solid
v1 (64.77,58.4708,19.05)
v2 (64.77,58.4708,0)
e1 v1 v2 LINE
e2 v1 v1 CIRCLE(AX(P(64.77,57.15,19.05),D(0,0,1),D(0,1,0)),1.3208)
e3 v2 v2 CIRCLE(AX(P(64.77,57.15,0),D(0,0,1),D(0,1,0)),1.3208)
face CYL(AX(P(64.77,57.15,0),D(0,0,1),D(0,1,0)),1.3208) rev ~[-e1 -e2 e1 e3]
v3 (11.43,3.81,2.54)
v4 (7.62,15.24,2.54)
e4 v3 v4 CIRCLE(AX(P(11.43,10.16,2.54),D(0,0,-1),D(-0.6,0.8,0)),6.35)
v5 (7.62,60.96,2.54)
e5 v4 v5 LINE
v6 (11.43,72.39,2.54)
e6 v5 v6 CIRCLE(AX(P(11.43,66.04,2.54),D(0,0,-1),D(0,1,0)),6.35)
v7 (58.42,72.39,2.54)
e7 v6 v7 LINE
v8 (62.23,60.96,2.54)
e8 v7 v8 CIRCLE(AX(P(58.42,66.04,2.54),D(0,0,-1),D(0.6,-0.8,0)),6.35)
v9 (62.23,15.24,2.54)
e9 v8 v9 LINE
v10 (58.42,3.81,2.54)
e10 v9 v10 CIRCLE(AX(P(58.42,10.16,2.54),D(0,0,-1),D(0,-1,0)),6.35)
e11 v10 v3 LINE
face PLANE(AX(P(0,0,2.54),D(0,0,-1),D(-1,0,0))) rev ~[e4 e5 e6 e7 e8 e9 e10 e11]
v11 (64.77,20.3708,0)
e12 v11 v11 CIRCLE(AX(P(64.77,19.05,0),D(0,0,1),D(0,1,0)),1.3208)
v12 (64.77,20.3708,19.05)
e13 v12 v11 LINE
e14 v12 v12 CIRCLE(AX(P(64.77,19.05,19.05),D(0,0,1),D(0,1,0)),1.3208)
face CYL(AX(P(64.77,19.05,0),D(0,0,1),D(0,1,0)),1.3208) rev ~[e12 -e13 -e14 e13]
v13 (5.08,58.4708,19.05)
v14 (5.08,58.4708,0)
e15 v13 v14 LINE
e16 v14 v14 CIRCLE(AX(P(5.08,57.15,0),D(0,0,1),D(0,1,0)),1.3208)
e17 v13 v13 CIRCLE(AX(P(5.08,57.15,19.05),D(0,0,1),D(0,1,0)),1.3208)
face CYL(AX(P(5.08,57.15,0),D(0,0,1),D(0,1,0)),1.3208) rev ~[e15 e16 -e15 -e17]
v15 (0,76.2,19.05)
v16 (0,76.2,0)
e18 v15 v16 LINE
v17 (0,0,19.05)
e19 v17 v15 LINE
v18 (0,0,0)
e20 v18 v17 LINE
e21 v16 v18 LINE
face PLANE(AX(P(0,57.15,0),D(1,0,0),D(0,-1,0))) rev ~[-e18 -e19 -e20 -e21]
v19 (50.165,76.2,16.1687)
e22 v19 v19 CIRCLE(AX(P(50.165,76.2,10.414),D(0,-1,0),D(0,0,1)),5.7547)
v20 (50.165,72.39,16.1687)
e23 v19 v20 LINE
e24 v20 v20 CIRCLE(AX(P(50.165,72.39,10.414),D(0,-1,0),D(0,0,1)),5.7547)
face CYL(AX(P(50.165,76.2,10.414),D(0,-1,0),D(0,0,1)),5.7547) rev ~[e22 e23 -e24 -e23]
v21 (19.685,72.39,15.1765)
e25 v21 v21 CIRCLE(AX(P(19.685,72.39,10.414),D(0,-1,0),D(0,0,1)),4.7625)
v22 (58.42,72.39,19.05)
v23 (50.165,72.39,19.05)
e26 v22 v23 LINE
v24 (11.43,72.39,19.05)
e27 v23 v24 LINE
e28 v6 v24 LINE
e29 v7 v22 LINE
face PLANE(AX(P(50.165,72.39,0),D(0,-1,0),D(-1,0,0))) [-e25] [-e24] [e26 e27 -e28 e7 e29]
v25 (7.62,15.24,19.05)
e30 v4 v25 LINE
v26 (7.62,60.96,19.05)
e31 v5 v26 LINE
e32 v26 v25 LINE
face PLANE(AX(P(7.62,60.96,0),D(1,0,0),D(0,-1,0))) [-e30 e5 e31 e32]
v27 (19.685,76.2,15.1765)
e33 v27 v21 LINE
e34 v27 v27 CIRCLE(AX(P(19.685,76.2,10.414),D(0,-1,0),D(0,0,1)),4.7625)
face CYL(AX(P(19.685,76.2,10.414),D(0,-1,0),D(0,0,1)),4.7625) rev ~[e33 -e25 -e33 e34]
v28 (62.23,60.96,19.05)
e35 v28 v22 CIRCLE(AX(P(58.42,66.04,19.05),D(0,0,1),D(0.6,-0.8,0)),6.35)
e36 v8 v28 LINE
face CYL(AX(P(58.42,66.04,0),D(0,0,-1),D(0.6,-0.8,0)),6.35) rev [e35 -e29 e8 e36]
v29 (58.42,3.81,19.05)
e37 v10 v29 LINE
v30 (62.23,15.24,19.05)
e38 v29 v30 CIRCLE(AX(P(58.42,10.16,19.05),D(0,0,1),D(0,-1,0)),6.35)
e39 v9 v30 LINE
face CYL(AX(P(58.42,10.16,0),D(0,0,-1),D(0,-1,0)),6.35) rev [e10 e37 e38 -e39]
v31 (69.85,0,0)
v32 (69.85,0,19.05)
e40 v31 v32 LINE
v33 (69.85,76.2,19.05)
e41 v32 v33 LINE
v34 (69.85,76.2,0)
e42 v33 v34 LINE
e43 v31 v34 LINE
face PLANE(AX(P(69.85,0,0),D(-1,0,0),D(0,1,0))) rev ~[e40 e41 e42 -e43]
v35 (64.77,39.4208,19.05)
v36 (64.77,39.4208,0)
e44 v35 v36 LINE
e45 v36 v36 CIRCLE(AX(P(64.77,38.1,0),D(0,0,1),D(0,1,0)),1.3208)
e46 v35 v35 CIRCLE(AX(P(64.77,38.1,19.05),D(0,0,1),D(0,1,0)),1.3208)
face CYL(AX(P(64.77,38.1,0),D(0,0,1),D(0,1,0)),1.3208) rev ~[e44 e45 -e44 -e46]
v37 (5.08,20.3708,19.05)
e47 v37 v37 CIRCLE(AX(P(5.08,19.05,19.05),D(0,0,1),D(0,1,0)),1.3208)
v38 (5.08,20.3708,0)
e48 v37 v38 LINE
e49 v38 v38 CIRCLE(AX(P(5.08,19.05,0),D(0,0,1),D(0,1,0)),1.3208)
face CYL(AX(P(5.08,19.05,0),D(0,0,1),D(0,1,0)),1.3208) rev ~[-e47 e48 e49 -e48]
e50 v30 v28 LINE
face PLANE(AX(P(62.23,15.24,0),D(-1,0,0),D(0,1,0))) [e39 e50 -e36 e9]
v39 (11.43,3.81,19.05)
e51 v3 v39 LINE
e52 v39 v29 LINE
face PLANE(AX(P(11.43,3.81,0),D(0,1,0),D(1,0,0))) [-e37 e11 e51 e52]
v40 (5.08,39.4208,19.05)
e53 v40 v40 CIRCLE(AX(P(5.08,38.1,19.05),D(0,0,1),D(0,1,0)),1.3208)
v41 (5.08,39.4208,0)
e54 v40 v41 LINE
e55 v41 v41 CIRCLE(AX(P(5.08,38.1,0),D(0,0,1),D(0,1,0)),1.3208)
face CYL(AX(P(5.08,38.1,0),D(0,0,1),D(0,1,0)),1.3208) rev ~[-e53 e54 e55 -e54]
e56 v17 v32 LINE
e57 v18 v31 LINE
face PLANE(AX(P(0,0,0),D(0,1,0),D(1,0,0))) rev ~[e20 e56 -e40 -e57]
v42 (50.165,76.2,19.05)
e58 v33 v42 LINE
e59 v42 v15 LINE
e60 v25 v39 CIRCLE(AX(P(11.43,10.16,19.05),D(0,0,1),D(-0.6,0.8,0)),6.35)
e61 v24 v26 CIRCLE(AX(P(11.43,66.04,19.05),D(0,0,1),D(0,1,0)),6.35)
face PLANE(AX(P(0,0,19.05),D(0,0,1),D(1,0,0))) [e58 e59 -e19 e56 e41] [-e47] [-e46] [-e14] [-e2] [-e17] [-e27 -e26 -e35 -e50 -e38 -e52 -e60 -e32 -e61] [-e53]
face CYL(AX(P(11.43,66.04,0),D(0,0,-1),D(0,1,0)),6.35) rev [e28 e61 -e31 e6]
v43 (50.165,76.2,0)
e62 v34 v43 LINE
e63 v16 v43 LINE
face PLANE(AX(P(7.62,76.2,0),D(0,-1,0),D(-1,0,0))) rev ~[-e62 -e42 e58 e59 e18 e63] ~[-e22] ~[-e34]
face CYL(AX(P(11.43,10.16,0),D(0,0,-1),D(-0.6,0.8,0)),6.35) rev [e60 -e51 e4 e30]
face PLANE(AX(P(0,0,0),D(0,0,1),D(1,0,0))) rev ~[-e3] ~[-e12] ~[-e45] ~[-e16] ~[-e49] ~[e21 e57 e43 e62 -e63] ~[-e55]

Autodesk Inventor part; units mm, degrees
ref_plane "YZ Plane" through (0, 0, 0) normal (1, 0, 0) x (0, 1, 0)
ref_plane "XZ Plane" through (0, 0, 0) normal (0, 1, 0) x (-1, 0, 0)
ref_plane "XY Plane" through (0, 0, 0) normal (0, 0, 1) x (1, 0, 0)
sketch "Sketch1" plane through (0, 0, 0) normal (0, 0, 1) x (1, 0, 0)
  line L0 (0, 0) -> (69.85, 0)
  line L1 (69.85, 0) -> (69.85, 76.2)
  line L2 (69.85, 76.2) -> (0, 76.2)
  line L3 (0, 76.2) -> (0, 0)
  line L4 (0, 76.2) -> (7.62, 76.2)
  line L5 (7.62, 3.81) -> (62.23, 3.81)
  line L6 (58.42, 72.39) -> (7.62, 72.39)
  line L7 (7.62, 72.39) -> (11.43, 72.39)
  line L8 (0, 76.2) -> (69.85, 76.2)
  line L9 (34.925, 76.2) -> (50.165, 76.2)
  line L10 (50.165, 76.2) -> (50.165, 69.1676)
  line L11 (34.925, 76.2) -> (19.685, 76.2)
  line L12 (19.685, 76.2) -> (14.9225, 76.2)
  line L13 (0, 76.2) -> (0, 57.15)
  line L14 (19.685, 76.2) -> (13.9303, 76.2)
  arc A0 (11.43, 72.39) -> (7.62, 60.96) centre (11.43, 66.04) ccw
  line L15 (7.62, 3.81) -> (11.43, 3.81)
  line L16 (11.43, 3.81) -> (11.43, 10.16)
  line L17 (62.23, 3.81) -> (58.42, 3.81)
  line L18 (58.42, 3.81) -> (58.42, 10.16)
  arc A1 (7.62, 15.24) -> (11.43, 3.81) centre (11.43, 10.16) ccw
  arc A2 (58.42, 3.81) -> (62.23, 15.24) centre (58.42, 10.16) ccw
  arc A3 (62.23, 60.96) -> (58.42, 72.39) centre (58.42, 66.04) ccw
  line L19 (62.23, 15.24) -> (62.23, 60.96)
  line L20 (7.62, 60.96) -> (7.62, 15.24)
  dimension "d9" = 7.62
  dimension "d13" = 15.24
  dimension "d18" = 19.05
  dimension "d24" = 6.35
  dimension "d25" = 3.81
  dimension "d26" = 6.35
extrude "Extrusion1" add sketch "Sketch1" along normal blind 19.05
sketch "Sketch3" plane through (0, 0, 0) normal (0, 0, -1) x (-1, 0, 0)
  arc A0 (-11.43, 3.81) -> (-7.62, 15.24) centre (-11.43, 10.16) ccw projected
  line L0 (-11.43, 3.81) -> (-58.42, 3.81) projected
  arc A1 (-62.23, 15.24) -> (-58.42, 3.81) centre (-58.42, 10.16) ccw projected
  line L1 (-62.23, 15.24) -> (-62.23, 60.96) projected
  arc A2 (-58.42, 72.39) -> (-62.23, 60.96) centre (-58.42, 66.04) ccw projected
  line L2 (-58.42, 72.39) -> (-11.43, 72.39) projected
  arc A3 (-7.62, 60.96) -> (-11.43, 72.39) centre (-11.43, 66.04) ccw projected
  line L3 (-7.62, 60.96) -> (-7.62, 15.24) projected
  line L4 (0, 76.2) -> (0, 0) projected
  line L5 (-69.85, 76.2) -> (0, 76.2) projected
  line L6 (-69.85, 0) -> (-69.85, 76.2) projected
  line L7 (0, 0) -> (-69.85, 0) projected
  line L8 (0, 76.2) -> (-5.08, 76.2)
  line L9 (-69.85, 76.2) -> (0, 76.2) projected
  line L10 (-5.08, 76.2) -> (-5.08, 0)
  line L11 (-5.08, 76.2) -> (-5.08, 57.15)
  line L12 (-5.08, 0) -> (-5.08, 19.05)
  line L13 (-69.85, 0) -> (-64.77, 0)
  line L14 (0, 0) -> (-69.85, 0) projected
  line L15 (-64.77, 0) -> (-64.77, 19.05)
  line L16 (-69.85, 76.2) -> (-64.77, 76.2)
  line L17 (-64.77, 76.2) -> (-64.77, 57.15)
  line L18 (-64.77, 57.15) -> (-64.77, 38.1)
  line L19 (-5.08, 57.15) -> (-5.08, 38.1)
  dimension "d31" = 5.08
  dimension "d32" = 19.05
  dimension "d33" = 19.05
  dimension "d34" = 5.08
  dimension "d35" = 19.05
  dimension "d36" = 5.08
  dimension "d37" = 19.05
  dimension "d38" = 19.05
  dimension "d39" = 19.05
hole "Hole1" at (64.77, 57.15, 0) at (64.77, 38.1, 0) at (64.77, 19.05, 0) at (5.08, 19.05, 0) at (5.08, 38.1, 0) at (5.08, 57.15, 0) direction (0, 0, 1) diameter 2.6416 depth 23.0124 tip angle 118 thread size "6-32 UNC" class "2B" standard "ANSI Unified Screw Threads"
sketch "Sketch7" plane through (0, 0, 0) normal (0, 0, -1) x (-1, 0, 0)
  circle A0 centre (-5.08, 38.1) radius 1.3208 projected
  circle A1 centre (-64.77, 19.05) radius 1.3208 projected
  circle A2 centre (-64.77, 57.15) radius 1.3208 projected
  circle A3 centre (-64.77, 38.1) radius 1.3208 projected
  circle A4 centre (-5.08, 19.05) radius 1.3208 projected
  circle A5 centre (-5.08, 57.15) radius 1.3208 projected
  arc A6 (-11.43, 3.81) -> (-7.62, 15.24) centre (-11.43, 10.16) ccw projected
  line L0 (-11.43, 3.81) -> (-58.42, 3.81) projected
  arc A7 (-62.23, 15.24) -> (-58.42, 3.81) centre (-58.42, 10.16) ccw projected
  line L1 (-62.23, 15.24) -> (-62.23, 60.96) projected
  arc A8 (-58.42, 72.39) -> (-62.23, 60.96) centre (-58.42, 66.04) ccw projected
  line L2 (-58.42, 72.39) -> (-11.43, 72.39) projected
  arc A9 (-7.62, 60.96) -> (-11.43, 72.39) centre (-11.43, 66.04) ccw projected
  line L3 (-7.62, 60.96) -> (-7.62, 15.24) projected
  line L4 (0, 76.2) -> (0, 0) projected
  line L5 (-69.85, 76.2) -> (0, 76.2) projected
  line L6 (-69.85, 0) -> (-69.85, 76.2) projected
  line L7 (0, 0) -> (-69.85, 0) projected
extrude "Extrusion4" add sketch "Sketch7" against normal blind 2.54 contours L0 A7 L1 A8 L2 A9 L3 A6 | L4 L7 L6 L5
sketch "Sketch8" plane through (0, 76.2, 19.05) normal (0, 1, 0) x (1, 0, 0)
  point P0 (0, 19.05)
sketch "Sketch9" plane through (0, 76.2, 19.05) normal (0, 1, 0) x (1, 0, 0)
  line L0 (0, 19.05) -> (0, 0) projected
  line L1 (69.85, 0) -> (0, 0) projected
  line L2 (69.85, 19.05) -> (69.85, 0) projected
  line L3 (69.85, 19.05) -> (0, 19.05) projected
  line L4 (0, 19.05) -> (69.85, 19.05)
  line L5 (0, 19.05) -> (69.85, 19.05) projected
  line L6 (34.925, 19.05) -> (34.925, 8.636)
  line L7 (34.925, 8.636) -> (19.685, 8.636)
  dimension "d74" = 10.414
  dimension "d75" = 15.24
hole "Hole4" at (19.685, 76.2, 10.414) direction (0, -1, 0) diameter 9.525 depth 25.4 tip angle 118
sketch "Sketch10" plane through (0, 76.2, 19.05) normal (0, 1, 0) x (1, 0, 0)
  circle A0 centre (19.685, 8.636) radius 4.7625 projected
  line L0 (0, 19.05) -> (0, 0) projected
  line L1 (69.85, 0) -> (0, 0) projected
  line L2 (69.85, 19.05) -> (69.85, 0) projected
  line L3 (69.85, 19.05) -> (0, 19.05) projected
  line L4 (69.85, 19.05) -> (0, 19.05)
  line L5 (69.85, 19.05) -> (0, 19.05) projected
  line L6 (34.925, 19.05) -> (34.925, 8.636)
  line L7 (34.925, 8.636) -> (50.165, 8.636)
  dimension "d83" = 15.24
  dimension "d91" = 10.414
hole "Hole5" at (50.165, 76.2, 10.414) direction (0, -1, 0) diameter 11.5094 depth 25.4 tip angle 118
sketch "Sketch11" plane through (0, 76.2, 19.05) normal (0, 1, 0) x (1, 0, 0)
  circle A0 centre (50.165, 8.636) radius 5.7547 projected
  circle A1 centre (19.685, 8.636) radius 4.7625 projected
  line L0 (0, 19.05) -> (0, 0) projected
  line L1 (69.85, 0) -> (0, 0) projected
  line L2 (69.85, 19.05) -> (69.85, 0) projected
  line L3 (69.85, 19.05) -> (0, 19.05) projected
properties part number "Light-tight_box"
